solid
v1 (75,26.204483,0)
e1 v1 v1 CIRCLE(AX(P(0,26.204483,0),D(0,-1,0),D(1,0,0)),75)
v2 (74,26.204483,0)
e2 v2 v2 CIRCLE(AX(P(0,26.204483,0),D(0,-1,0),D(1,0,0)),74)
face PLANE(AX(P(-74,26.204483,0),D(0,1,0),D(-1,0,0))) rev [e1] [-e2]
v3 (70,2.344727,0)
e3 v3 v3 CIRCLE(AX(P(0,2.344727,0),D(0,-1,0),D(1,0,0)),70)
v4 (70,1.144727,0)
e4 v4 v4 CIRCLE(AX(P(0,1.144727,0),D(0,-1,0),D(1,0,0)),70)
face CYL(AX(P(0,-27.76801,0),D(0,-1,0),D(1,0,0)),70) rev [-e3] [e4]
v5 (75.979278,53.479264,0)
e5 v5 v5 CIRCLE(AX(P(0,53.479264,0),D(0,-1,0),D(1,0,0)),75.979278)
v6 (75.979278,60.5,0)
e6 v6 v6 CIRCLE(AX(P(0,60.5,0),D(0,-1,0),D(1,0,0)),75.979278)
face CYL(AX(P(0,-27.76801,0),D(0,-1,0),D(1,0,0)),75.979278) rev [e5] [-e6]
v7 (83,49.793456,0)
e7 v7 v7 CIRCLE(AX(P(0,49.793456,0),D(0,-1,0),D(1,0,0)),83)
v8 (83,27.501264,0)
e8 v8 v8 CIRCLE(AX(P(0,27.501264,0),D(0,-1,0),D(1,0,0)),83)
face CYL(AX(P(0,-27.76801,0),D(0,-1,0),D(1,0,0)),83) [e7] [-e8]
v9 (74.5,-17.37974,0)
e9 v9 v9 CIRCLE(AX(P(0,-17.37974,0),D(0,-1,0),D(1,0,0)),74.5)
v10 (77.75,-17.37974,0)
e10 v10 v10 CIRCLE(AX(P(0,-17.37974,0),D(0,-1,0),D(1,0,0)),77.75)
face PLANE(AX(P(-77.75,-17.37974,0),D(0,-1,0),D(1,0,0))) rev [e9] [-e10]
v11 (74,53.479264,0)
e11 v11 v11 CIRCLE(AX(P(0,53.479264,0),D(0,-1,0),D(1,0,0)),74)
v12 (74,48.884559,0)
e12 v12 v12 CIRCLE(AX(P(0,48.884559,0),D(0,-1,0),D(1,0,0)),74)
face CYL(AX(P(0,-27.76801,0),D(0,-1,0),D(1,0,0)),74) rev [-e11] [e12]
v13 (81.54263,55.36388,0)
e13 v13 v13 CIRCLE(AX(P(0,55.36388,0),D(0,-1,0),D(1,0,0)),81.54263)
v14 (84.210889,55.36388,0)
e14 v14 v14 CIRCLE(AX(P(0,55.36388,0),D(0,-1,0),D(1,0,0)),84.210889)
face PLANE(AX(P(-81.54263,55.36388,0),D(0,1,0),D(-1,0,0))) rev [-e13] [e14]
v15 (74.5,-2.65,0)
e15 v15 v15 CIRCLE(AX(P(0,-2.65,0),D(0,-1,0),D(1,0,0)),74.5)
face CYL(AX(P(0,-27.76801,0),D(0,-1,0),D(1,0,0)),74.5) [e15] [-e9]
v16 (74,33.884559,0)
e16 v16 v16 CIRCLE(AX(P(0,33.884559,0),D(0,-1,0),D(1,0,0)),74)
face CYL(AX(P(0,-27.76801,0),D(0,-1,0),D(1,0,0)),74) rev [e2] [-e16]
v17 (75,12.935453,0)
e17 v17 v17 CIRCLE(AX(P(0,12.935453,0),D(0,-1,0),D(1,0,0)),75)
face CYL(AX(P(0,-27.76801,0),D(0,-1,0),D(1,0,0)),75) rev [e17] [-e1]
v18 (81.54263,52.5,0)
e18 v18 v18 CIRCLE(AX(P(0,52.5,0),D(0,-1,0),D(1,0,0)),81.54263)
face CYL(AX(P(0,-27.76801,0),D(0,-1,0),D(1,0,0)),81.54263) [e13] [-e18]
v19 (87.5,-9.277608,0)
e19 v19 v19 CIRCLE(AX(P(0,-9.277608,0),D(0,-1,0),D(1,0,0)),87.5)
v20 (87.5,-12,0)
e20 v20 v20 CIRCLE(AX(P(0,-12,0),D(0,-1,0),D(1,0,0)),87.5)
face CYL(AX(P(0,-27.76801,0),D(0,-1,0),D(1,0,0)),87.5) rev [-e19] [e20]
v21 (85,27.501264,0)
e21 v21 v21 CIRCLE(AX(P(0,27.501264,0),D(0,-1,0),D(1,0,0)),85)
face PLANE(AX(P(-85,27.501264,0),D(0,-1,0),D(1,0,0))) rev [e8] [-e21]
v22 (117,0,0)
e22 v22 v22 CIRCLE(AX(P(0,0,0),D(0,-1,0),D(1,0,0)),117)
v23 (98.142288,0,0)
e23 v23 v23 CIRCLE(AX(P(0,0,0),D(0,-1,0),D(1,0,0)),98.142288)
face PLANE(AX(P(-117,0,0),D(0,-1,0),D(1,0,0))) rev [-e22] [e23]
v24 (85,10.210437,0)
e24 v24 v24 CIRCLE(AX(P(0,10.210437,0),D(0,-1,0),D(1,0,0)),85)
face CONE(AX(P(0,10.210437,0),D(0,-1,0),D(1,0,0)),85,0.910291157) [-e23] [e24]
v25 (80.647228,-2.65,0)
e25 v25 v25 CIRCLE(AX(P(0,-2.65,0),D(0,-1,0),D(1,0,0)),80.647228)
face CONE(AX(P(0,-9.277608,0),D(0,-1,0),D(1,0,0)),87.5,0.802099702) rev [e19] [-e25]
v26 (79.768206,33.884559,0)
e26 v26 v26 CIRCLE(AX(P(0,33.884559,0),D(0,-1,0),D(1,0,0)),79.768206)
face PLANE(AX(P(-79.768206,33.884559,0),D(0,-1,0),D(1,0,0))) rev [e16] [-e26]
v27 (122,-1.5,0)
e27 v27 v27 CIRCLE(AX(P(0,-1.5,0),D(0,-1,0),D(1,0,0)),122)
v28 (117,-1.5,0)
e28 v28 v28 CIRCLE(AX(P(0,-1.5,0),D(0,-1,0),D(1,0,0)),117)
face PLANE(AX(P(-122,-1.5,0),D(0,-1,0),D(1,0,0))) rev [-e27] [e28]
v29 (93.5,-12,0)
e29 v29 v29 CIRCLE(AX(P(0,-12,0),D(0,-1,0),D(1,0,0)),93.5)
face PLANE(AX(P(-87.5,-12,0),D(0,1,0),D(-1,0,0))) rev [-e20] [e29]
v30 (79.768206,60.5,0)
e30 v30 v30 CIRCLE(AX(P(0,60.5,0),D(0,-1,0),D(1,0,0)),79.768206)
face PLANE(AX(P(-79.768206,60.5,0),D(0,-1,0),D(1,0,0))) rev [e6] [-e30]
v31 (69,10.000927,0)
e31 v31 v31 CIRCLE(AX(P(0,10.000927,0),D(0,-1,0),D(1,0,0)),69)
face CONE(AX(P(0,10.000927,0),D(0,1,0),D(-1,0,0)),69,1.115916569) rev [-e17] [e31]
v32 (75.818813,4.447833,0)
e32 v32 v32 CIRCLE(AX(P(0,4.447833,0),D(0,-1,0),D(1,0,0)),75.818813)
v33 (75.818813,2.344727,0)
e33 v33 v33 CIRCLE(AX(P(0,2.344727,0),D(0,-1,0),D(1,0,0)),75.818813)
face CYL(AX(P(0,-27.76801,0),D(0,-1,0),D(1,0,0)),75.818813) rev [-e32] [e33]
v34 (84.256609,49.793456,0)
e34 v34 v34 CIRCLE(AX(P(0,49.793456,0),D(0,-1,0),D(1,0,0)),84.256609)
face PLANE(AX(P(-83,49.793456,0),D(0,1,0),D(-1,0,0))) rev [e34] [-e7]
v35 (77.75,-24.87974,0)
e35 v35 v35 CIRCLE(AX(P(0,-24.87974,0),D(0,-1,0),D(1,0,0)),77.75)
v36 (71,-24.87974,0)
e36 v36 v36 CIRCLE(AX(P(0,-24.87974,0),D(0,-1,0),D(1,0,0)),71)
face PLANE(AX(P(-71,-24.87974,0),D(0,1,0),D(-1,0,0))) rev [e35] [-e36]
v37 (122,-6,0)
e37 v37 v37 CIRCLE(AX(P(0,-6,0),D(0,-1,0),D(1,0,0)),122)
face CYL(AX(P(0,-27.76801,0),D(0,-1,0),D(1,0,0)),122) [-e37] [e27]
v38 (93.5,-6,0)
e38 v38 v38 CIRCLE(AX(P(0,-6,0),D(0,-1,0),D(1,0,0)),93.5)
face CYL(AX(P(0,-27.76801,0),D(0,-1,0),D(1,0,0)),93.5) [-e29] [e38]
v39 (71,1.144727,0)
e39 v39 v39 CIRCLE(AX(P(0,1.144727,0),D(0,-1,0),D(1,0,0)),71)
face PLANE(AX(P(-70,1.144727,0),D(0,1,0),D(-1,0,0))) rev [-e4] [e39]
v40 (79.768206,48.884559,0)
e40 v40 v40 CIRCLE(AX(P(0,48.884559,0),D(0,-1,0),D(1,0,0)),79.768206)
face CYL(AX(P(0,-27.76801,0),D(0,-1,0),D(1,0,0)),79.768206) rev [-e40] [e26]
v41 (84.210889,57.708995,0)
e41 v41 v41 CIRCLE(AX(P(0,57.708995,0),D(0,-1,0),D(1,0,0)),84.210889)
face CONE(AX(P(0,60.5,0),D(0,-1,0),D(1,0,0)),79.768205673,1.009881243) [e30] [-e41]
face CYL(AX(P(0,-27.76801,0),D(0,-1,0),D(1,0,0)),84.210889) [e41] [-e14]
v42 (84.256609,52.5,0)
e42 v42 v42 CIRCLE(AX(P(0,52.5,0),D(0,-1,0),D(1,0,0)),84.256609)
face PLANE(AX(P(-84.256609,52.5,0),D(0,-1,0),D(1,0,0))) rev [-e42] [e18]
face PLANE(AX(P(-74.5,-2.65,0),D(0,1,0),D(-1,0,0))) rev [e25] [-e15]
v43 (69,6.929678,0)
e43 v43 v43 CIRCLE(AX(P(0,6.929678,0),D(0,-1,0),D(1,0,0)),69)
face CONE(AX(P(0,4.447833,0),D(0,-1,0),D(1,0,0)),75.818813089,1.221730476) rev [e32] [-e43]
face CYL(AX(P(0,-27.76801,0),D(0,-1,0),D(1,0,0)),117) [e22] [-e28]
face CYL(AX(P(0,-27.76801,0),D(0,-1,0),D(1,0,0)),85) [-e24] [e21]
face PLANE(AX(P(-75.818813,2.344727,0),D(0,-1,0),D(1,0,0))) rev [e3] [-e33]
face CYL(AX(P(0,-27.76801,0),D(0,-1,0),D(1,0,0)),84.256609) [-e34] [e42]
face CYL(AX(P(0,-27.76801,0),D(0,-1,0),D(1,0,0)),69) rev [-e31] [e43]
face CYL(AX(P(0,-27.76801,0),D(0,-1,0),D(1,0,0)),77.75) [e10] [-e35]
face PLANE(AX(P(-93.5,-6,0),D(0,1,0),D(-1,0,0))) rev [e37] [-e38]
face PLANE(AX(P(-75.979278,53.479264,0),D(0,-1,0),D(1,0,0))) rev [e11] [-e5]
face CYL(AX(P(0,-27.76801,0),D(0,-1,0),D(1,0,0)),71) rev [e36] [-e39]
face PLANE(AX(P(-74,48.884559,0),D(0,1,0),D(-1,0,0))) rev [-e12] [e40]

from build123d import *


with BuildPart() as part:
    # Sketch2 → Revolve1 (revolve)
    with BuildSketch(Plane.XY):
        Polygon((-117, 0), (-98.142287974, 0), (-85, 10.210436502), (-85, 27.501263708), (-83, 27.501263708), (-83, 49.793455931), (-84.256609276, 49.793455931), (-84.256609276, 52.5), (-81.542630117, 52.5), (-81.542630117, 55.363879954), (-84.210889447, 55.363879954), (-84.210889447, 57.708994813), (-79.768205673, 60.5), (-75.979278114, 60.5), (-75.979278114, 53.479264493), (-74, 53.479264493), (-74, 48.88455903), (-79.768205673, 48.88455903), (-79.768205673, 33.88455903), (-74, 33.88455903), (-74, 26.204482528), (-75, 26.204482528), (-75, 12.93545297), (-69, 10.000926501), (-69, 6.929678014), (-75.818813089, 4.447833016), (-75.818813089, 2.344727047), (-70, 2.344727047), (-70, 1.144727047), (-71, 1.144727047), (-71, -24.879740451), (-77.75, -24.879740451), (-77.75, -17.379740451), (-74.5, -17.379740451), (-74.5, -2.65), (-80.647227673, -2.65), (-87.5, -9.277608288), (-87.5, -12), (-93.5, -12), (-93.5, -6), (-122, -6), (-122, -1.5), (-117, -1.5), align=None)
    revolve(axis=Axis((0, -27.768010488, 0), (0, 1, 0)))


solid = part.part
